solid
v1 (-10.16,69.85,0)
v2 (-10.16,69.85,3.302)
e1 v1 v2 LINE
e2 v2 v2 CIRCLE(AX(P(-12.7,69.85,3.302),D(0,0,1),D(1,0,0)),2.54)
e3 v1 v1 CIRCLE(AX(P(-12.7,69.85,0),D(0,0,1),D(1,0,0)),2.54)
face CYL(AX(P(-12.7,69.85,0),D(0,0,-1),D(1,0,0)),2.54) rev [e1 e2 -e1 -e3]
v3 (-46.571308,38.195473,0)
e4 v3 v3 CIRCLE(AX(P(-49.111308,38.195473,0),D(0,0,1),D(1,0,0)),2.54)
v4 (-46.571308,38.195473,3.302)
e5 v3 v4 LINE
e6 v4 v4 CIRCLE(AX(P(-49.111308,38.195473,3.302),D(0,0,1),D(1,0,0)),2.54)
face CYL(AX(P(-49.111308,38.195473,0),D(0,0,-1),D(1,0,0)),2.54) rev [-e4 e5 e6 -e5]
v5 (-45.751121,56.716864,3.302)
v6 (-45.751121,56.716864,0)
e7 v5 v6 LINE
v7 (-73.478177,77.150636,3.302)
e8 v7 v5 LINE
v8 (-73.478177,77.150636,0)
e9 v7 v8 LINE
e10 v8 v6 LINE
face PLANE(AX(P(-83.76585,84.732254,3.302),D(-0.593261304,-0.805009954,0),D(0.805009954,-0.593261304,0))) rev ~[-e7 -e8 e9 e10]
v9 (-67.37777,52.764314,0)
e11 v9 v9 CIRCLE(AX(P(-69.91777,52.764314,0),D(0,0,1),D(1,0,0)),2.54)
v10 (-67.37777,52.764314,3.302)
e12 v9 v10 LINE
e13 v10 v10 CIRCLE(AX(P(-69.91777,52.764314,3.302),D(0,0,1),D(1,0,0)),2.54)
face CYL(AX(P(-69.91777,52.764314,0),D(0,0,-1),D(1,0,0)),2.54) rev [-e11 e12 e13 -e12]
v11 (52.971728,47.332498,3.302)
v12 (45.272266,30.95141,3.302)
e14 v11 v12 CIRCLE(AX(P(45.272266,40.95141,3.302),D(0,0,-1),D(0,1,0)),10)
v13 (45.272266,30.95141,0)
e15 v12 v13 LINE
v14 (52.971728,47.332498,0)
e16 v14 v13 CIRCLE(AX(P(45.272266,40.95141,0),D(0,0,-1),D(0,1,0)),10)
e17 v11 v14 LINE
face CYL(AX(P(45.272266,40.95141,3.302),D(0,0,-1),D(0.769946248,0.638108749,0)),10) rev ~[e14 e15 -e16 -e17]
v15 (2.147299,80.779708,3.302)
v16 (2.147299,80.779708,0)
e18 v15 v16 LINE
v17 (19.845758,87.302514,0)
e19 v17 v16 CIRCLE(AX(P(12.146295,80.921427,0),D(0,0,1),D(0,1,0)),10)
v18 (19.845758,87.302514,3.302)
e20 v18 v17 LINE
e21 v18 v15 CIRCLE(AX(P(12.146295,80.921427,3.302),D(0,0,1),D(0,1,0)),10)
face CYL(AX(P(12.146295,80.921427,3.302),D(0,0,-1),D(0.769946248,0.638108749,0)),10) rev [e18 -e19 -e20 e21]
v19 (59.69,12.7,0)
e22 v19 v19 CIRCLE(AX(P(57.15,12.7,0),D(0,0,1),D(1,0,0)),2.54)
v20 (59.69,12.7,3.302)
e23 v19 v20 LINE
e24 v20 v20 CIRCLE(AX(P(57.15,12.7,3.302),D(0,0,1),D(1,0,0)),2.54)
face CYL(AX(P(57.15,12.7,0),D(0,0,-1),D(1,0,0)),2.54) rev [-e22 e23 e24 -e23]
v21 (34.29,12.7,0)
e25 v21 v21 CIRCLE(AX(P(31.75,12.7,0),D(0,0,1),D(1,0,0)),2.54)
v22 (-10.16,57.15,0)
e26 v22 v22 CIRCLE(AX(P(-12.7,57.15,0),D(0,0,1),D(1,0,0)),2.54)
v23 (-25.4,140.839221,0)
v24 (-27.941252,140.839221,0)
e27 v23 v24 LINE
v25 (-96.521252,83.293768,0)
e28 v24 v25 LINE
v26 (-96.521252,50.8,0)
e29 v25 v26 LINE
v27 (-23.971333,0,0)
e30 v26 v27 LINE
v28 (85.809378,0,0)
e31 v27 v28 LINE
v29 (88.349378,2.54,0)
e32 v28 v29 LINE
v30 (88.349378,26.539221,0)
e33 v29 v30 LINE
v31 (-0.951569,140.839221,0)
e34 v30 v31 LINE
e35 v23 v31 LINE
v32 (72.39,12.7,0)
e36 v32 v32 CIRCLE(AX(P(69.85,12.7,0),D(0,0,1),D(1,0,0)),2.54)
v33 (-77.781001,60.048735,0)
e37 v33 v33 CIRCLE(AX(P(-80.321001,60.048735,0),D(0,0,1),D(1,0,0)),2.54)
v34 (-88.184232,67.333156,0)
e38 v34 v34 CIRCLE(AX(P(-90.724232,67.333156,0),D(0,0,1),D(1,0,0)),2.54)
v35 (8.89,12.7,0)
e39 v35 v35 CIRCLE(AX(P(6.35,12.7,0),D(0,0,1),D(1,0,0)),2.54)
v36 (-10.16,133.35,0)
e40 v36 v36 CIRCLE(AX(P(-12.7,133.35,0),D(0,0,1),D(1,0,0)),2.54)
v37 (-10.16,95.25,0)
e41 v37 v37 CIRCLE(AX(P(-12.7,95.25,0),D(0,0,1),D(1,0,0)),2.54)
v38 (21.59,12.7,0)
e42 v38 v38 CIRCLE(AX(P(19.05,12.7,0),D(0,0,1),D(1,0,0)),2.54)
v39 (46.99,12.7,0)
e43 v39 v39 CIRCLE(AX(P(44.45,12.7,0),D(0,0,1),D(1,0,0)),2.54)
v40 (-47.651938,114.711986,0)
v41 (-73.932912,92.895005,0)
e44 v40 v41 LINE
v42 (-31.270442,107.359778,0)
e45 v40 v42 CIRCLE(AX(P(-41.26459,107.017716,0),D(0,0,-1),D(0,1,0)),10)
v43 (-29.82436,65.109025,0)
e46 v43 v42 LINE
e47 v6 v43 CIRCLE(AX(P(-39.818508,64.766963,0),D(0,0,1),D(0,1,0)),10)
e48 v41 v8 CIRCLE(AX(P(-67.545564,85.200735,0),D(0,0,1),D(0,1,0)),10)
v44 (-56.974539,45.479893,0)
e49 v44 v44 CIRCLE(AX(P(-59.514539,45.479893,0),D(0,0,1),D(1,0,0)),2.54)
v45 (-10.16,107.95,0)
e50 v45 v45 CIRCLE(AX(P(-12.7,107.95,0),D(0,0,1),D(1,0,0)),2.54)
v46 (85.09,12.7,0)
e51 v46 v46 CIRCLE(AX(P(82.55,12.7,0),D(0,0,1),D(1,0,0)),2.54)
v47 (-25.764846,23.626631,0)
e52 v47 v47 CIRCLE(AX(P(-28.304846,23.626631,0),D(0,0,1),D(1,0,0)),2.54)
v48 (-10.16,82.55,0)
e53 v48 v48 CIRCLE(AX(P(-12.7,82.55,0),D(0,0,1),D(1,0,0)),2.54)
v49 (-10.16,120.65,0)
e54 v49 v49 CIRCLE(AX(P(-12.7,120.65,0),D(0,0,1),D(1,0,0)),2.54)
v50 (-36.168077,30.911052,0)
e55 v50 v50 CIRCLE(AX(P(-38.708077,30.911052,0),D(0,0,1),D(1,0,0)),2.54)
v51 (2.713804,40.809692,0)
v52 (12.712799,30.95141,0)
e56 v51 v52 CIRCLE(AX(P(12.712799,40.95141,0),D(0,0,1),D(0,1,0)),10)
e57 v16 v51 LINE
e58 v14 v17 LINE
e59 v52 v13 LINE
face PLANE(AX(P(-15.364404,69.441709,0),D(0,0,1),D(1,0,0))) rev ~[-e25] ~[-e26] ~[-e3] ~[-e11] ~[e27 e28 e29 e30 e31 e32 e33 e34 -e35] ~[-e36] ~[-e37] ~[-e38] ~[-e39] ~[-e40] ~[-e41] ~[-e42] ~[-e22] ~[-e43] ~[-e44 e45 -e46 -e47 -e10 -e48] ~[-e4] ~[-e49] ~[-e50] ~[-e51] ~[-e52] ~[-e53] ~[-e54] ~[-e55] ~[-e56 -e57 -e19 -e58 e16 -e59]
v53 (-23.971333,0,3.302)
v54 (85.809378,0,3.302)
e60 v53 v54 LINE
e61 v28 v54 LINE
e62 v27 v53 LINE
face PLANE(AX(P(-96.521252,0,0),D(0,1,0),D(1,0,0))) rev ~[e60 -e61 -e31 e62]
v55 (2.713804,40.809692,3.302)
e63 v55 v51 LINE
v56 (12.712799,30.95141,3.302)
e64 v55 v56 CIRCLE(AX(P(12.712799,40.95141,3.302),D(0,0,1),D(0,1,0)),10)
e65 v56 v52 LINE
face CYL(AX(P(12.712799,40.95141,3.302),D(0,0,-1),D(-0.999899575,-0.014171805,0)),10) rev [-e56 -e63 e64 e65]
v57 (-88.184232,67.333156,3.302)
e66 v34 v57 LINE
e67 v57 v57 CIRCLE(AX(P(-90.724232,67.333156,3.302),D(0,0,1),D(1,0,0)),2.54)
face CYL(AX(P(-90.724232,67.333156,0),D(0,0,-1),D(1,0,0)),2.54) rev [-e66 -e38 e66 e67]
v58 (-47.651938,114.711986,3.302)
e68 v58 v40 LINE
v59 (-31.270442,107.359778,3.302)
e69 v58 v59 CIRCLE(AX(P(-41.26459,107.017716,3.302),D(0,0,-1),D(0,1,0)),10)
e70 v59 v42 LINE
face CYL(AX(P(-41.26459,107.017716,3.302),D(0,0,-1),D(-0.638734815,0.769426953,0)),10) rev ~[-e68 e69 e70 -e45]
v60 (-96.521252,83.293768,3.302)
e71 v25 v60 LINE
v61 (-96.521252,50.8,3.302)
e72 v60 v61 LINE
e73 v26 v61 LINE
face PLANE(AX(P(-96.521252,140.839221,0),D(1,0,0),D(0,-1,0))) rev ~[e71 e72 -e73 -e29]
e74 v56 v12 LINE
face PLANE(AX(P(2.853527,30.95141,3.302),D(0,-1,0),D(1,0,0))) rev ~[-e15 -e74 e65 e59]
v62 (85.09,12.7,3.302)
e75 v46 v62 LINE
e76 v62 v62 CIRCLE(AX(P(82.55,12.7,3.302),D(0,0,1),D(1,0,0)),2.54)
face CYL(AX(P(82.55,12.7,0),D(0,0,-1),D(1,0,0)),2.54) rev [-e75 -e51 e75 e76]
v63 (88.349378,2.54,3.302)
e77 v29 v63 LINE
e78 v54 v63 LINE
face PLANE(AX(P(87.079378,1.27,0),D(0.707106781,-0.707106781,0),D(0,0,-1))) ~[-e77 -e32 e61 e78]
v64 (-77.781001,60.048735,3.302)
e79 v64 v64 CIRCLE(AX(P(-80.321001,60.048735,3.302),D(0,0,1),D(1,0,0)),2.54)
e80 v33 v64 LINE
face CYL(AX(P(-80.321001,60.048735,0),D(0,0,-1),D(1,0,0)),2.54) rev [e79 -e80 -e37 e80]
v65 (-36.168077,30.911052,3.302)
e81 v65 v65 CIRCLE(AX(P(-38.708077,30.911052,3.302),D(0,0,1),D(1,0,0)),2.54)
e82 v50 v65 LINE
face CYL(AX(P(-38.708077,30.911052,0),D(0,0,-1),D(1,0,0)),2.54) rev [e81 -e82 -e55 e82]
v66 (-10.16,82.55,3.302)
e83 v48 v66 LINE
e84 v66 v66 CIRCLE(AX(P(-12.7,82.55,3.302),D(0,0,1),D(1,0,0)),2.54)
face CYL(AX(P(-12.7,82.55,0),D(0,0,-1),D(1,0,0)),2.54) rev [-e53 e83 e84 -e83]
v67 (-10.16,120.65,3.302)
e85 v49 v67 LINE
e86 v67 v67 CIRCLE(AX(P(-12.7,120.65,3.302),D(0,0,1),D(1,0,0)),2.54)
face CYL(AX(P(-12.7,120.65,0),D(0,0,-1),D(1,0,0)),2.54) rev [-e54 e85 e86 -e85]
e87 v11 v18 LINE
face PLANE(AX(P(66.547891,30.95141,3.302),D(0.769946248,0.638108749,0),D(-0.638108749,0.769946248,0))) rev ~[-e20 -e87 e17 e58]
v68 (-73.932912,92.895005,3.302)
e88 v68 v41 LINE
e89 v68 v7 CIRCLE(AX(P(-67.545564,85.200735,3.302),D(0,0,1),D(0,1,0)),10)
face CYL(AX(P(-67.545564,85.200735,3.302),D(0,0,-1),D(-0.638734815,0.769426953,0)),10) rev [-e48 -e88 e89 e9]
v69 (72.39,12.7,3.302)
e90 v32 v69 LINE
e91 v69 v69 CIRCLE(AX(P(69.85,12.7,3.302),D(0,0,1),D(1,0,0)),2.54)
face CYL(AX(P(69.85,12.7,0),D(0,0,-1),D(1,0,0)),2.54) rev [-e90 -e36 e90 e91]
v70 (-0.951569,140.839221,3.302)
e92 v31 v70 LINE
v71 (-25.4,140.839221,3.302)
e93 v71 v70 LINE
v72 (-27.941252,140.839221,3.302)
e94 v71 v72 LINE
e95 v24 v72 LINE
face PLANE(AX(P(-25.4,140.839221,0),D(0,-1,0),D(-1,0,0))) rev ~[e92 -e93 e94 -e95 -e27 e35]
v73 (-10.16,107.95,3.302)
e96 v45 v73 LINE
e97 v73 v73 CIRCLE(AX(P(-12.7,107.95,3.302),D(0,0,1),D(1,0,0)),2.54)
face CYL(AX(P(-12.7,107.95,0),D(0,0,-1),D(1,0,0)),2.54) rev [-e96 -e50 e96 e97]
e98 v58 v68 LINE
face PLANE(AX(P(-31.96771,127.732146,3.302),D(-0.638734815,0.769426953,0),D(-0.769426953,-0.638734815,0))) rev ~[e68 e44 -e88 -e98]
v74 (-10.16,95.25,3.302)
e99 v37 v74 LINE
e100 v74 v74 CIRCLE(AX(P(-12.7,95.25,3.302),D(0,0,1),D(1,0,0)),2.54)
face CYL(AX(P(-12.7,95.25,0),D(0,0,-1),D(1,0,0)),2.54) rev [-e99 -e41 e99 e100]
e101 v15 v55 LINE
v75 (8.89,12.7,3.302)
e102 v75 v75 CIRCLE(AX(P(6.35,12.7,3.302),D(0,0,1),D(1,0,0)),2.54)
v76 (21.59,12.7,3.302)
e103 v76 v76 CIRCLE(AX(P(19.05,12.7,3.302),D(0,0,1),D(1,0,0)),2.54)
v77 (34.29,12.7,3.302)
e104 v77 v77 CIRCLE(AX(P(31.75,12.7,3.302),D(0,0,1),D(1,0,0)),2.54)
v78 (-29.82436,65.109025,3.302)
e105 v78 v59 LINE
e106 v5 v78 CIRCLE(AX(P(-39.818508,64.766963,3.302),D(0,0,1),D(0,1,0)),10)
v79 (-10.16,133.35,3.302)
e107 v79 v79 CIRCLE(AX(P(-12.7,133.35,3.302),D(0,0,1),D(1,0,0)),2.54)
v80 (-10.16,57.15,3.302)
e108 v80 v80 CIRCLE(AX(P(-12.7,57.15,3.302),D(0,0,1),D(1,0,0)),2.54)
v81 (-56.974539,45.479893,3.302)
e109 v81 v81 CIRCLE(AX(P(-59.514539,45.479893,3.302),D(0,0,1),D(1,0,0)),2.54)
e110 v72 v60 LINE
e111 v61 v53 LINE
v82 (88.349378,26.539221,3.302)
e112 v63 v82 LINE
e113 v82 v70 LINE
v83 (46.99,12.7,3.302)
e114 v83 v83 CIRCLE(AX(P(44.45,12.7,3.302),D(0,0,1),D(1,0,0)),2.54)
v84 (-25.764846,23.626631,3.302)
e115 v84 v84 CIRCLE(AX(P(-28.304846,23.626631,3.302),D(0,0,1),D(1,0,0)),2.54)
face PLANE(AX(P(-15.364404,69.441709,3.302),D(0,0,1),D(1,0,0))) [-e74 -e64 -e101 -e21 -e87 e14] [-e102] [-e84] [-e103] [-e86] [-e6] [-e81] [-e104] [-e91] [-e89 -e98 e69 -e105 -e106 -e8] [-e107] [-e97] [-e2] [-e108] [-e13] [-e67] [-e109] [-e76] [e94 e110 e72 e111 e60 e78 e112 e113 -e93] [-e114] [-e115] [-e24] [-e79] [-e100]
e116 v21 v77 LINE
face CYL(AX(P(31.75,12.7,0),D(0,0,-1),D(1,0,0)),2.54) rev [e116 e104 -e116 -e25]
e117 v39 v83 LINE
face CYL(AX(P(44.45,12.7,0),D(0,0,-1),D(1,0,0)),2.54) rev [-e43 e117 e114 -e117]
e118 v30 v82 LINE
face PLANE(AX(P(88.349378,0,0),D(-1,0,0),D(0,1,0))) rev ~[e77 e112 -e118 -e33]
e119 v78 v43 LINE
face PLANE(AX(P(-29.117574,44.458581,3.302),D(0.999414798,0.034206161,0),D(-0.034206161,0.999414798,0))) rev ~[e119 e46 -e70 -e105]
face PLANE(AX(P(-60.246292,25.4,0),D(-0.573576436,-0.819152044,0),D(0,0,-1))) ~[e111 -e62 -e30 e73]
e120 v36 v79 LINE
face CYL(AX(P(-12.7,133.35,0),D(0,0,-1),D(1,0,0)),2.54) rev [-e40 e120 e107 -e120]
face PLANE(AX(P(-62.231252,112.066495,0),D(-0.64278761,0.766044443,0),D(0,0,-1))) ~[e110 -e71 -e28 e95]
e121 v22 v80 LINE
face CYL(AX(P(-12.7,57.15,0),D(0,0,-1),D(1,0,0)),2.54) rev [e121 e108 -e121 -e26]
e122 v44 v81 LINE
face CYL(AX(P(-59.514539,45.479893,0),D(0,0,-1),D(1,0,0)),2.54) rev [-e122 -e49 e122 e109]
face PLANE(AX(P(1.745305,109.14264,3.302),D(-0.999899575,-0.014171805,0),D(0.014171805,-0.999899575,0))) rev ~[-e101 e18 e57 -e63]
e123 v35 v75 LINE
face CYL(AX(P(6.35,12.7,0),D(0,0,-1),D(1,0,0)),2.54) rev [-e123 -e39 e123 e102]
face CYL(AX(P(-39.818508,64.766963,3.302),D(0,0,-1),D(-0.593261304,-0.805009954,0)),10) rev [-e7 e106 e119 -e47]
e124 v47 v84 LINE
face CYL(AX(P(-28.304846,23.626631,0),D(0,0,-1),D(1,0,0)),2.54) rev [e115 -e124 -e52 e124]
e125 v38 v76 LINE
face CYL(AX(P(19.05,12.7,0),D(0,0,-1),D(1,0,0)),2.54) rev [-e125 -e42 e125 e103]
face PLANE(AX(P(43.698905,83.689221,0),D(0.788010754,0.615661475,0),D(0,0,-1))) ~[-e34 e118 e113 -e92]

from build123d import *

# Parameters (mm, degrees)
SKETCH1_W           = 25.4
SKETCH1_H           = 90.039220871
SKETCH1_R           = 2.54
SKETCH1_W_2         = 88.349378458
SKETCH1_H_2         = 25.4
BOSS_EXTRUDE3_DEPTH = 3.302
CHAMFER5_SIZE       = 114.3
CHAMFER5_SIZE2      = 89.30094711
CHAMFER6_SIZE       = 50.8
CHAMFER6_SIZE2      = 72.549918742
CHAMFER7_SIZE       = 68.58
CHAMFER7_SIZE2      = 57.545452706
CHAMFER10_SIZE      = 2.54
CUT_EXTRUDE1_DEPTH  = 3.302
FILLET1_R           = 10
FILLET2_R           = 10
FILLET3_R           = 10
FILLET4_R           = 10
FILLET5_R           = 10
FILLET6_R           = 10


with BuildPart() as part:
    # Sketch1 → Boss-Extrude3 (new body)
    with BuildSketch(Plane.XY):
        Polygon((-30.387651704, 9.581189779), (-96.521251531, 55.888434907), (-96.521251531, 0), (0, 0), (0, 25.4), (88.349378458, 25.4), (88.349378458, 140.839220871), (0, 140.839220871), (0, 50.8), (-25.4, 50.8), (-25.4, 140.839220871), (-96.521251531, 140.839220871), (-96.521251531, 86.896109461), (-15.818810221, 30.387651704), align=None)
        with Locations((-12.7, 95.819610436)):
            Rectangle(SKETCH1_W, SKETCH1_H)
        with Locations((-12.7, 57.15)):
            Circle(SKETCH1_R, mode=Mode.SUBTRACT)
        with Locations((-12.7, 69.85)):
            Circle(SKETCH1_R, mode=Mode.SUBTRACT)
        with Locations((-12.7, 82.55)):
            Circle(SKETCH1_R, mode=Mode.SUBTRACT)
        with Locations((-12.7, 95.25)):
            Circle(SKETCH1_R, mode=Mode.SUBTRACT)
        with Locations((-12.7, 107.95)):
            Circle(SKETCH1_R, mode=Mode.SUBTRACT)
        with Locations((-12.7, 120.65)):
            Circle(SKETCH1_R, mode=Mode.SUBTRACT)
        with Locations((-12.7, 133.35)):
            Circle(SKETCH1_R, mode=Mode.SUBTRACT)
        Polygon((-96.521251531, 86.896109461), (-96.521251531, 55.888434907), (-30.387651704, 9.581189779), (-15.818810221, 30.387651704), align=None)
        with Locations((-38.708077406, 30.911051854)):
            Circle(SKETCH1_R, mode=Mode.SUBTRACT)
        with Locations((-28.304846444, 23.626631112)):
            Circle(SKETCH1_R, mode=Mode.SUBTRACT)
        with Locations((-49.111308369, 38.195472596)):
            Circle(SKETCH1_R, mode=Mode.SUBTRACT)
        with Locations((-59.514539331, 45.479893337)):
            Circle(SKETCH1_R, mode=Mode.SUBTRACT)
        with Locations((-69.917770294, 52.764314079)):
            Circle(SKETCH1_R, mode=Mode.SUBTRACT)
        with Locations((-80.321001256, 60.048734821)):
            Circle(SKETCH1_R, mode=Mode.SUBTRACT)
        with Locations((-90.724232219, 67.333155562)):
            Circle(SKETCH1_R, mode=Mode.SUBTRACT)
        with Locations((44.174689229, 12.7)):
            Rectangle(SKETCH1_W_2, SKETCH1_H_2)
        with Locations((6.35, 12.7)):
            Circle(SKETCH1_R, mode=Mode.SUBTRACT)
        with Locations((19.05, 12.7)):
            Circle(SKETCH1_R, mode=Mode.SUBTRACT)
        with Locations((31.75, 12.7)):
            Circle(SKETCH1_R, mode=Mode.SUBTRACT)
        with Locations((44.45, 12.7)):
            Circle(SKETCH1_R, mode=Mode.SUBTRACT)
        with Locations((57.15, 12.7)):
            Circle(SKETCH1_R, mode=Mode.SUBTRACT)
        with Locations((69.85, 12.7)):
            Circle(SKETCH1_R, mode=Mode.SUBTRACT)
        with Locations((82.55, 12.7)):
            Circle(SKETCH1_R, mode=Mode.SUBTRACT)
    extrude(amount=BOSS_EXTRUDE3_DEPTH)

    # Chamfer5
    chamfer5_edges = [part.edges().sort_by_distance(p)[0] for p in [
        (88.349378458, 140.839220871, 1.651),
    ]]
    chamfer5_side = [part.faces().sort_by_distance(p)[0] for p in [
        (88.349378458, 70.419610435, 1.651),
    ]]
    chamfer(chamfer5_edges, length=CHAMFER5_SIZE, length2=CHAMFER5_SIZE2, reference=chamfer5_side[0])

    # Chamfer6
    chamfer6_edges = [part.edges().sort_by_distance(p)[0] for p in [
        (-96.521251531, 0, 1.651),
    ]]
    chamfer6_side = [part.faces().sort_by_distance(p)[0] for p in [
        (-96.521251531, 70.419610435, 1.651),
    ]]
    chamfer(chamfer6_edges, length=CHAMFER6_SIZE, length2=CHAMFER6_SIZE2, reference=chamfer6_side[0])

    # Chamfer7
    chamfer7_edges = [part.edges().sort_by_distance(p)[0] for p in [
        (-96.521251531, 140.839220871, 1.651),
    ]]
    chamfer7_side = [part.faces().sort_by_distance(p)[0] for p in [
        (-48.736410091, 140.839220871, 1.651),
    ]]
    chamfer(chamfer7_edges, length=CHAMFER7_SIZE, length2=CHAMFER7_SIZE2, reference=chamfer7_side[0])

    # Chamfer10
    chamfer10_edges = [part.edges().sort_by_distance(p)[0] for p in [
        (88.349378458, 0, 1.651),
    ]]
    chamfer(chamfer10_edges, length=CHAMFER10_SIZE)

    # Sketch2 → Cut-Extrude1 (cut)
    with BuildSketch(Plane.XY.offset(3.302)):
        Polygon((-31.967710472, 127.732145748), (-83.765850495, 84.732254389), (-29.117573581, 44.458580926), align=None)
        Polygon((1.745305047, 109.142640029), (2.853527199, 30.951410442), (66.547890767, 30.951410442), align=None)
    extrude(amount=-CUT_EXTRUDE1_DEPTH, mode=Mode.SUBTRACT)

    # Fillet1
    fillet1_edges = [part.edges().sort_by_distance(p)[0] for p in [
        (2.853527199, 30.951410442, 1.651),
    ]]
    fillet(fillet1_edges, radius=FILLET1_R)

    # Fillet2
    fillet2_edges = [part.edges().sort_by_distance(p)[0] for p in [
        (-29.117573581, 44.458580926, 1.651),
    ]]
    fillet(fillet2_edges, radius=FILLET2_R)

    # Fillet3
    fillet3_edges = [part.edges().sort_by_distance(p)[0] for p in [
        (66.547890767, 30.951410442, 1.651),
    ]]
    fillet(fillet3_edges, radius=FILLET3_R)

    # Fillet4
    fillet4_edges = [part.edges().sort_by_distance(p)[0] for p in [
        (1.745305047, 109.142640029, 1.651),
    ]]
    fillet(fillet4_edges, radius=FILLET4_R)

    # Fillet5
    fillet5_edges = [part.edges().sort_by_distance(p)[0] for p in [
        (-31.967710472, 127.732145748, 1.651),
    ]]
    fillet(fillet5_edges, radius=FILLET5_R)

    # Fillet6
    fillet6_edges = [part.edges().sort_by_distance(p)[0] for p in [
        (-83.765850495, 84.732254389, 1.651),
    ]]
    fillet(fillet6_edges, radius=FILLET6_R)


solid = part.part
